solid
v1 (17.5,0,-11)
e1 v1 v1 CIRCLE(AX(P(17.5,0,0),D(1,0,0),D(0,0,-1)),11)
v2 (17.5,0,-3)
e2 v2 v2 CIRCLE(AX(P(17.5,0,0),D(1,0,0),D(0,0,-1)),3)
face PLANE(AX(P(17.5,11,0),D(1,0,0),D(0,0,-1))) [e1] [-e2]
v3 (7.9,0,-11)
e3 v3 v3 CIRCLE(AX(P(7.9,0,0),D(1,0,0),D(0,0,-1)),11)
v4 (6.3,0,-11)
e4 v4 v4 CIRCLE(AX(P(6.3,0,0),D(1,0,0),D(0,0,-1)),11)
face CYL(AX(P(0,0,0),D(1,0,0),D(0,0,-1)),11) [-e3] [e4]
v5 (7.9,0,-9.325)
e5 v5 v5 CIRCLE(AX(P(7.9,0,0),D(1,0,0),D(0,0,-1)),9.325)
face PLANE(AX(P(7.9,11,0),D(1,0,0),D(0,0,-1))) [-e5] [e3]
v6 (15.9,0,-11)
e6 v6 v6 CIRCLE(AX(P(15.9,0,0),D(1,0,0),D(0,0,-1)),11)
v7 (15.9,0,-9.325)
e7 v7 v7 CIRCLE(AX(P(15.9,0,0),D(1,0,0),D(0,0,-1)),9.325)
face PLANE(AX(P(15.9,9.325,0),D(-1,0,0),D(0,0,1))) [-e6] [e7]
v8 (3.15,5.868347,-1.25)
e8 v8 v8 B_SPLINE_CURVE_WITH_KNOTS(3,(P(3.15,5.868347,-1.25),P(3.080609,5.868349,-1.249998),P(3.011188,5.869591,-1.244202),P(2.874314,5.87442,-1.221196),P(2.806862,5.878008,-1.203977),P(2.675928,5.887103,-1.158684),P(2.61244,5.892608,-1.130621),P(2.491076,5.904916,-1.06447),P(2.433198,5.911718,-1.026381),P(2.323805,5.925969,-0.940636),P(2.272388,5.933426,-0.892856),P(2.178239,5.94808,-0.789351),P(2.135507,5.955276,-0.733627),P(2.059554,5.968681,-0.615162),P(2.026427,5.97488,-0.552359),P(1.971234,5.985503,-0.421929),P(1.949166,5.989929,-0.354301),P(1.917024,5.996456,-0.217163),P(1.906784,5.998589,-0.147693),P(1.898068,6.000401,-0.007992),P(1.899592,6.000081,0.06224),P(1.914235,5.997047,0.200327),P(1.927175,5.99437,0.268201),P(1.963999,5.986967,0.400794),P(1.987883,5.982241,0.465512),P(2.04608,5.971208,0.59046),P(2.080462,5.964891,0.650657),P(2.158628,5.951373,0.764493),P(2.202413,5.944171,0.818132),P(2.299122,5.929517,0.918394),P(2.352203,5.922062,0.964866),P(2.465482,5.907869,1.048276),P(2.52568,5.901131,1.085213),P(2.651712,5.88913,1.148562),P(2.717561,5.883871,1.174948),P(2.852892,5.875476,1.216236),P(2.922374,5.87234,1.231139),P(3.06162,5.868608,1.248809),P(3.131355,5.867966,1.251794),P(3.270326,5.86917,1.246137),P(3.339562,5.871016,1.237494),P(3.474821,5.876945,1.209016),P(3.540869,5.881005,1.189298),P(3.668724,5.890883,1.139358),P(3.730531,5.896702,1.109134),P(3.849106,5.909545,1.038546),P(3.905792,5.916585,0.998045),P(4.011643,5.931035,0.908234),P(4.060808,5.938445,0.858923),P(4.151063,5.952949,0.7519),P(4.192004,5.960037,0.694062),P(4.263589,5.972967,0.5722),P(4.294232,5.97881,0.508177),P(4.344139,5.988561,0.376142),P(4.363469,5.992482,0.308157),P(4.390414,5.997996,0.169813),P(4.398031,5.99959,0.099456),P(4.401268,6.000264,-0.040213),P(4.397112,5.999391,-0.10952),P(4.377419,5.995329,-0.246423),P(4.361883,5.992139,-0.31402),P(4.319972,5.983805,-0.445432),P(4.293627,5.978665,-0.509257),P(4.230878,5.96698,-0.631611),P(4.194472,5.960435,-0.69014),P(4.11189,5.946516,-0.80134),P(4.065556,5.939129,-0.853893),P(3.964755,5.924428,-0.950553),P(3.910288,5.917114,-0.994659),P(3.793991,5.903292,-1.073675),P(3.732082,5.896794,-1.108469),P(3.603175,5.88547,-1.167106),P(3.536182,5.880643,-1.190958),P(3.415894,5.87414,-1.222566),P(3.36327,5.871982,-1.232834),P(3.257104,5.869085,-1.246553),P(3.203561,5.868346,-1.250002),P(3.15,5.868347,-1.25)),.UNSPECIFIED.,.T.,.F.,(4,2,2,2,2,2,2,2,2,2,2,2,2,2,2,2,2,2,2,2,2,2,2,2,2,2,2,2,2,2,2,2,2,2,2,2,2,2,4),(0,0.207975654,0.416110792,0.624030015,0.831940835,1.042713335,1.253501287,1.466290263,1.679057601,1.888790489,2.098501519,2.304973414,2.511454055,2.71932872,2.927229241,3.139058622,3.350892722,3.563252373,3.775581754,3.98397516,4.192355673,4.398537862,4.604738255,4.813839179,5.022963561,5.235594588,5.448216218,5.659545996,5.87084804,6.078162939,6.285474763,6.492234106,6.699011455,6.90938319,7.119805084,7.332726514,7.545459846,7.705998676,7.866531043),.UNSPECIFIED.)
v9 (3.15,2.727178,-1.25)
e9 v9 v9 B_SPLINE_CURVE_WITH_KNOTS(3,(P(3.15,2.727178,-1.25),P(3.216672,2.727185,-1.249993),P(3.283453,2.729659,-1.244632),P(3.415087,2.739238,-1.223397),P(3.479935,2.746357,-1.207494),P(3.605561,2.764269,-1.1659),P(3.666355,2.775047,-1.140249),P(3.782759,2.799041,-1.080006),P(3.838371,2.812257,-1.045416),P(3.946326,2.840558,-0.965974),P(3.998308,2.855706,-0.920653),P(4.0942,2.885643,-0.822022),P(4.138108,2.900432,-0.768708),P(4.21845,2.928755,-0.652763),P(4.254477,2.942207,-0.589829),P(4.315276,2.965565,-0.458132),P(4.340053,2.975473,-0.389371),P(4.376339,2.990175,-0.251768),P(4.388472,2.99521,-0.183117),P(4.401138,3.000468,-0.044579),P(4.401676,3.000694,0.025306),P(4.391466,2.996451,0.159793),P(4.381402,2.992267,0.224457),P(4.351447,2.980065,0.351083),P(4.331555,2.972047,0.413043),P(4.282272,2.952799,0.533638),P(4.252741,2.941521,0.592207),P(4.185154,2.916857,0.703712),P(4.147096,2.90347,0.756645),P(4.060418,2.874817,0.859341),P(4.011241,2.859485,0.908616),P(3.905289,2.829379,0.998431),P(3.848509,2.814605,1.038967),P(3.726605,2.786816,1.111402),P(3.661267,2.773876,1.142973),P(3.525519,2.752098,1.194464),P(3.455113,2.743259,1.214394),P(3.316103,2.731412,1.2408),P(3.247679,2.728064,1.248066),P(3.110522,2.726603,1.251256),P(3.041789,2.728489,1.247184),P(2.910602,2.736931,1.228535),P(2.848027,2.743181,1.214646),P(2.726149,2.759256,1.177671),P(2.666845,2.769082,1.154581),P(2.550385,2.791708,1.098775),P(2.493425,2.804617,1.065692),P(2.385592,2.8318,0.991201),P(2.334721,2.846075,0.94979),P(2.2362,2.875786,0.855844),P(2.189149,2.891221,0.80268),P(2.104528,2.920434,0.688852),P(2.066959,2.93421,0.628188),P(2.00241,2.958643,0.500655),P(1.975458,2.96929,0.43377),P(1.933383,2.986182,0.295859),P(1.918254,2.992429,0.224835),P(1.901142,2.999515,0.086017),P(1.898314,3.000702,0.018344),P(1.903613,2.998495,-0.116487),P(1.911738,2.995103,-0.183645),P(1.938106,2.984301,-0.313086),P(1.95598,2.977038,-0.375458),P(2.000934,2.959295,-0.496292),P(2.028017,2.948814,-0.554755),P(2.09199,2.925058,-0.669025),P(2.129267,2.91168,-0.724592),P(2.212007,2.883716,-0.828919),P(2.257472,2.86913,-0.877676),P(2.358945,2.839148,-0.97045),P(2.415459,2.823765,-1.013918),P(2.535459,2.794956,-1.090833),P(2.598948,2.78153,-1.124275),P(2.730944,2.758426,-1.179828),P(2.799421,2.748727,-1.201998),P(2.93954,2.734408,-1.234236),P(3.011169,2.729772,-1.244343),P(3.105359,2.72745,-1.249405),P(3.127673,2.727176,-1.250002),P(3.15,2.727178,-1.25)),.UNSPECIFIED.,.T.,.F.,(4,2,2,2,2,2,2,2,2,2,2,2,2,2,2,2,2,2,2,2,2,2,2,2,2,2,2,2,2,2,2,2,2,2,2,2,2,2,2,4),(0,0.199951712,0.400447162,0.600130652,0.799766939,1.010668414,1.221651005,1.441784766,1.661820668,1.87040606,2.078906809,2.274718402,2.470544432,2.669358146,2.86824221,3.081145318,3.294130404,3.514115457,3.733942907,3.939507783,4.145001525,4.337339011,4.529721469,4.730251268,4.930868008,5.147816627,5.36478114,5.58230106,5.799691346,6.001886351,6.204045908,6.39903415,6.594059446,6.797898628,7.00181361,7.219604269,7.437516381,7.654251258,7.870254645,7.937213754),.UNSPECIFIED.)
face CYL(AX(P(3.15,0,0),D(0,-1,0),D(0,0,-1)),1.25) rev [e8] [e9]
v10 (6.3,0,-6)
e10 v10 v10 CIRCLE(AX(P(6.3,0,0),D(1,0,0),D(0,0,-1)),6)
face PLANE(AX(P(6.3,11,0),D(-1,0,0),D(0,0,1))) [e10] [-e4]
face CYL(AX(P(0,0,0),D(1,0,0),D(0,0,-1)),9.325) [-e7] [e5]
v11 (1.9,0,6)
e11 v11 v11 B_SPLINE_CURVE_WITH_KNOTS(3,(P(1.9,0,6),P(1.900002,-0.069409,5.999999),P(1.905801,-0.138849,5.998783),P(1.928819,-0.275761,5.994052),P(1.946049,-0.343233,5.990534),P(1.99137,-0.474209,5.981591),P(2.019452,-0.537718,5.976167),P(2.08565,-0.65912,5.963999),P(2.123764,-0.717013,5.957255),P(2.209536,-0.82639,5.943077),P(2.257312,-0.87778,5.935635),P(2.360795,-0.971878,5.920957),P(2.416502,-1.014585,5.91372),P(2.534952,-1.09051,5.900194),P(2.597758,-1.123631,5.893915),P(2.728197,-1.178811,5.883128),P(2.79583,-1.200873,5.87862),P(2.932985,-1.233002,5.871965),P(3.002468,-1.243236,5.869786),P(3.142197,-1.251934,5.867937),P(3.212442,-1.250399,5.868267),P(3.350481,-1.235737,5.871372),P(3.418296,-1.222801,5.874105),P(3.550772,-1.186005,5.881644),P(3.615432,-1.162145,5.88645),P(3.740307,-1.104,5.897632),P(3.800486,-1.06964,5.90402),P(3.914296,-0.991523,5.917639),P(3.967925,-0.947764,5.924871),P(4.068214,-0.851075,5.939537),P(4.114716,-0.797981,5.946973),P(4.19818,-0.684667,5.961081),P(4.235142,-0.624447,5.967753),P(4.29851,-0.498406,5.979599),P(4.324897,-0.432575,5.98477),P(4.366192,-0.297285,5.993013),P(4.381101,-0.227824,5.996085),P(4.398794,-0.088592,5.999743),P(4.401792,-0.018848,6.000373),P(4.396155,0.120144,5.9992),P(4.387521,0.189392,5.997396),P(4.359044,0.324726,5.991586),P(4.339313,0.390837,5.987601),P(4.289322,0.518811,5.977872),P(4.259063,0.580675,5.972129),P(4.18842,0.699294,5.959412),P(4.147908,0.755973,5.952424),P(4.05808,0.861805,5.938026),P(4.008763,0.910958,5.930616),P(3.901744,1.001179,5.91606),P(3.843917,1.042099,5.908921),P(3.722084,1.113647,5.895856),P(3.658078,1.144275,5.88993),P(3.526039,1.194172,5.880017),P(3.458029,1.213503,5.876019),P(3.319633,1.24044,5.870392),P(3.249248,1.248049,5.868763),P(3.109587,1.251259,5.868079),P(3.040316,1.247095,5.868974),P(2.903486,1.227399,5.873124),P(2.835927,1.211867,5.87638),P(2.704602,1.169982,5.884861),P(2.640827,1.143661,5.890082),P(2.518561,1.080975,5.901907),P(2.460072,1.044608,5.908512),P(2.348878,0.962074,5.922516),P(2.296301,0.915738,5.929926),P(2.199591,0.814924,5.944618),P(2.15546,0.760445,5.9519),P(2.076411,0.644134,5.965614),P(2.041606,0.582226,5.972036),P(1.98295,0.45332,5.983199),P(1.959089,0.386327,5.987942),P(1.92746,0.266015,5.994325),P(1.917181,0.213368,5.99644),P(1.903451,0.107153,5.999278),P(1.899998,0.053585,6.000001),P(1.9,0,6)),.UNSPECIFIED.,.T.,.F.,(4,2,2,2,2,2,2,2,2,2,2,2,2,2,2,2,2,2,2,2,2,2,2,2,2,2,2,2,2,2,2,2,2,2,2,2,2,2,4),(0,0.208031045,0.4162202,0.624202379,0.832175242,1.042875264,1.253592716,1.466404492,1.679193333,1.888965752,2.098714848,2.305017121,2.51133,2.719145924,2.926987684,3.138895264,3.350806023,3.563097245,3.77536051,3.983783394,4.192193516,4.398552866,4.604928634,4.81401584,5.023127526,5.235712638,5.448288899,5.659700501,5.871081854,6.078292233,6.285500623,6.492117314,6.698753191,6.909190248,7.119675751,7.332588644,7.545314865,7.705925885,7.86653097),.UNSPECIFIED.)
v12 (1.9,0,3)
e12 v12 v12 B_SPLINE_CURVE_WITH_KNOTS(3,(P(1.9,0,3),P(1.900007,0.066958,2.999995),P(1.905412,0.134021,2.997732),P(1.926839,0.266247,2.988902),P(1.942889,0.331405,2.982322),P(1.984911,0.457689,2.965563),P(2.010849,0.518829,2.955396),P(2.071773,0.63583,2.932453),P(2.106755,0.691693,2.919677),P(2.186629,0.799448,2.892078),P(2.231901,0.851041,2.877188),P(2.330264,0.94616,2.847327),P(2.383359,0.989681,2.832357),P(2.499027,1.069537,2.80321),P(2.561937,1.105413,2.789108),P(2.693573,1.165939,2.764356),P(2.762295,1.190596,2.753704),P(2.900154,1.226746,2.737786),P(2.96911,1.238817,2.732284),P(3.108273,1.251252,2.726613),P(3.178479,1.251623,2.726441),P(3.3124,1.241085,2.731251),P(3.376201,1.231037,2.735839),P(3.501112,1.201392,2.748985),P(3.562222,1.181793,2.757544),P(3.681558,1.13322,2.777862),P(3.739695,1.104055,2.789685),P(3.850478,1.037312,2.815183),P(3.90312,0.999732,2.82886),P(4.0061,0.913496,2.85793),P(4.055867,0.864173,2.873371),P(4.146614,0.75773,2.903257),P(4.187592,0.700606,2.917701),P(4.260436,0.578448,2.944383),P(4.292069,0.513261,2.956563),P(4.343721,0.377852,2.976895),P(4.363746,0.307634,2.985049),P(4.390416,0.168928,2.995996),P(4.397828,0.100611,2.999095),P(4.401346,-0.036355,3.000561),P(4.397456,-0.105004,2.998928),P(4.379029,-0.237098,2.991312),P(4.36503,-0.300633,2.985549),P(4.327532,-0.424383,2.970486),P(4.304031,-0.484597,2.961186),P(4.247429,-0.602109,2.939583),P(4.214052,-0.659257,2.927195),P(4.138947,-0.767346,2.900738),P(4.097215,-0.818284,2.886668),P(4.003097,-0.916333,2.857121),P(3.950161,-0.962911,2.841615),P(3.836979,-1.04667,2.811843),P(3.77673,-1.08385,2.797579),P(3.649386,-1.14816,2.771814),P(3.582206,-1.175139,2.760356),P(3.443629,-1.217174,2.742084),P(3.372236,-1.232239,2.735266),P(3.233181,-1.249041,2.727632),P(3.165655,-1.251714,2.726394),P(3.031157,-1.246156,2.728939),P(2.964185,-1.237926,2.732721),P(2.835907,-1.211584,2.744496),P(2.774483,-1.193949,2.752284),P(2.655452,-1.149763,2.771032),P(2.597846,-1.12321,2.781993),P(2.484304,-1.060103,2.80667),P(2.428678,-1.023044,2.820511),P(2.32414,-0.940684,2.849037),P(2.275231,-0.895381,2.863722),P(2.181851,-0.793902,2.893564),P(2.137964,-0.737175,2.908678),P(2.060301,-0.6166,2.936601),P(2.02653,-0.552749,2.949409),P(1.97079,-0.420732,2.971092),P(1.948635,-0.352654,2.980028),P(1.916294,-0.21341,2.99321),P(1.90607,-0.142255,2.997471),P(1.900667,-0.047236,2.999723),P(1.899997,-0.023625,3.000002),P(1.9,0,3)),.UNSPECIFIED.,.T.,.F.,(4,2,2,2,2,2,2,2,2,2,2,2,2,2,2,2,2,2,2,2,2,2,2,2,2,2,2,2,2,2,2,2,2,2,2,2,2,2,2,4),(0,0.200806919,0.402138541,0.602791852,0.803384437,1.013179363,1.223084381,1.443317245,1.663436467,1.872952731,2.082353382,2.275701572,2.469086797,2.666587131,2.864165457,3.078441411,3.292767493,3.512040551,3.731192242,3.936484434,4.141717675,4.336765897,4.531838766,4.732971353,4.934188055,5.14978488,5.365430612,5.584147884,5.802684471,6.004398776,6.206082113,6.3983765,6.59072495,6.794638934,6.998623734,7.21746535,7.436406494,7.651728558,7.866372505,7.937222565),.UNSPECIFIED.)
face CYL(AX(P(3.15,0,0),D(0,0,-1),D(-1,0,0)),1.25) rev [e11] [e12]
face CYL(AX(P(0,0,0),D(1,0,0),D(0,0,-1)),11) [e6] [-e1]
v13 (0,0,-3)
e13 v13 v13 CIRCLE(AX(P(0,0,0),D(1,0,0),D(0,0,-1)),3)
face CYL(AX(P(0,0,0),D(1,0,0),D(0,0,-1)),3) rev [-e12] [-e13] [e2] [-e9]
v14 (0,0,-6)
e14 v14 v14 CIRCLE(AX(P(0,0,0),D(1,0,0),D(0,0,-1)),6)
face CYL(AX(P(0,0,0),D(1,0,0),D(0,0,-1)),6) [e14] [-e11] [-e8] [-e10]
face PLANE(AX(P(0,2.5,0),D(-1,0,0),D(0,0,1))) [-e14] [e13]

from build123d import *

# Parameters (mm, degrees)
SKETCH2_W          = 1.25
SKETCH2_H          = 11
SKETCH4_W          = 1.25
SKETCH4_H          = 11
SKETCH6_R          = 3
CUT_EXTRUDE1_DEPTH = 24.414739023


with BuildPart() as part:
    # Sketch1 → Revolve1 (revolve)
    with BuildSketch(Plane.XY, mode=Mode.PRIVATE) as revolve1_sk:
        Polygon((0, 2.5), (0, 6), (6.3, 6), (6.3, 11), (7.9, 11), (7.9, 9.325), (15.9, 9.325), (15.9, 11), (17.5, 11), (17.5, 2.5), align=None)
    revolve(revolve1_sk.sketch.rotate(Axis((0, 0, 0), (-1, 0, 0)), 90), axis=Axis((0, 0, 0), (-1, 0, 0)))

    # Sketch2 → M3x0.5 Tapped Hole1 (revolve, cut)
    with BuildSketch(Plane(origin=(3.15, 0, 0), x_dir=(0, 0, -1), z_dir=(1, 0, 0))):
        with Locations((0.625, 5.5)):
            Rectangle(SKETCH2_W, SKETCH2_H)
    revolve(axis=Axis((3.15, -6.35, 0), (0, 1, 0)), mode=Mode.SUBTRACT)

    # Sketch4 → M3x0.5 Tapped Hole2 (revolve, cut)
    with BuildSketch(Plane.YZ.offset(3.15)):
        with Locations((0.625, 5.5)):
            Rectangle(SKETCH4_W, SKETCH4_H)
    revolve(axis=Axis((3.15, 0, -6.35), (0, 0, 1)), mode=Mode.SUBTRACT)

    # Sketch6 → Cut-Extrude1 (cut, through all)
    with BuildSketch(Plane(origin=(17.5, 0, 0), x_dir=(0, 0, -1), z_dir=(1, 0, 0))):
        Circle(SKETCH6_R)
    extrude(amount=-CUT_EXTRUDE1_DEPTH, mode=Mode.SUBTRACT)


solid = part.part
